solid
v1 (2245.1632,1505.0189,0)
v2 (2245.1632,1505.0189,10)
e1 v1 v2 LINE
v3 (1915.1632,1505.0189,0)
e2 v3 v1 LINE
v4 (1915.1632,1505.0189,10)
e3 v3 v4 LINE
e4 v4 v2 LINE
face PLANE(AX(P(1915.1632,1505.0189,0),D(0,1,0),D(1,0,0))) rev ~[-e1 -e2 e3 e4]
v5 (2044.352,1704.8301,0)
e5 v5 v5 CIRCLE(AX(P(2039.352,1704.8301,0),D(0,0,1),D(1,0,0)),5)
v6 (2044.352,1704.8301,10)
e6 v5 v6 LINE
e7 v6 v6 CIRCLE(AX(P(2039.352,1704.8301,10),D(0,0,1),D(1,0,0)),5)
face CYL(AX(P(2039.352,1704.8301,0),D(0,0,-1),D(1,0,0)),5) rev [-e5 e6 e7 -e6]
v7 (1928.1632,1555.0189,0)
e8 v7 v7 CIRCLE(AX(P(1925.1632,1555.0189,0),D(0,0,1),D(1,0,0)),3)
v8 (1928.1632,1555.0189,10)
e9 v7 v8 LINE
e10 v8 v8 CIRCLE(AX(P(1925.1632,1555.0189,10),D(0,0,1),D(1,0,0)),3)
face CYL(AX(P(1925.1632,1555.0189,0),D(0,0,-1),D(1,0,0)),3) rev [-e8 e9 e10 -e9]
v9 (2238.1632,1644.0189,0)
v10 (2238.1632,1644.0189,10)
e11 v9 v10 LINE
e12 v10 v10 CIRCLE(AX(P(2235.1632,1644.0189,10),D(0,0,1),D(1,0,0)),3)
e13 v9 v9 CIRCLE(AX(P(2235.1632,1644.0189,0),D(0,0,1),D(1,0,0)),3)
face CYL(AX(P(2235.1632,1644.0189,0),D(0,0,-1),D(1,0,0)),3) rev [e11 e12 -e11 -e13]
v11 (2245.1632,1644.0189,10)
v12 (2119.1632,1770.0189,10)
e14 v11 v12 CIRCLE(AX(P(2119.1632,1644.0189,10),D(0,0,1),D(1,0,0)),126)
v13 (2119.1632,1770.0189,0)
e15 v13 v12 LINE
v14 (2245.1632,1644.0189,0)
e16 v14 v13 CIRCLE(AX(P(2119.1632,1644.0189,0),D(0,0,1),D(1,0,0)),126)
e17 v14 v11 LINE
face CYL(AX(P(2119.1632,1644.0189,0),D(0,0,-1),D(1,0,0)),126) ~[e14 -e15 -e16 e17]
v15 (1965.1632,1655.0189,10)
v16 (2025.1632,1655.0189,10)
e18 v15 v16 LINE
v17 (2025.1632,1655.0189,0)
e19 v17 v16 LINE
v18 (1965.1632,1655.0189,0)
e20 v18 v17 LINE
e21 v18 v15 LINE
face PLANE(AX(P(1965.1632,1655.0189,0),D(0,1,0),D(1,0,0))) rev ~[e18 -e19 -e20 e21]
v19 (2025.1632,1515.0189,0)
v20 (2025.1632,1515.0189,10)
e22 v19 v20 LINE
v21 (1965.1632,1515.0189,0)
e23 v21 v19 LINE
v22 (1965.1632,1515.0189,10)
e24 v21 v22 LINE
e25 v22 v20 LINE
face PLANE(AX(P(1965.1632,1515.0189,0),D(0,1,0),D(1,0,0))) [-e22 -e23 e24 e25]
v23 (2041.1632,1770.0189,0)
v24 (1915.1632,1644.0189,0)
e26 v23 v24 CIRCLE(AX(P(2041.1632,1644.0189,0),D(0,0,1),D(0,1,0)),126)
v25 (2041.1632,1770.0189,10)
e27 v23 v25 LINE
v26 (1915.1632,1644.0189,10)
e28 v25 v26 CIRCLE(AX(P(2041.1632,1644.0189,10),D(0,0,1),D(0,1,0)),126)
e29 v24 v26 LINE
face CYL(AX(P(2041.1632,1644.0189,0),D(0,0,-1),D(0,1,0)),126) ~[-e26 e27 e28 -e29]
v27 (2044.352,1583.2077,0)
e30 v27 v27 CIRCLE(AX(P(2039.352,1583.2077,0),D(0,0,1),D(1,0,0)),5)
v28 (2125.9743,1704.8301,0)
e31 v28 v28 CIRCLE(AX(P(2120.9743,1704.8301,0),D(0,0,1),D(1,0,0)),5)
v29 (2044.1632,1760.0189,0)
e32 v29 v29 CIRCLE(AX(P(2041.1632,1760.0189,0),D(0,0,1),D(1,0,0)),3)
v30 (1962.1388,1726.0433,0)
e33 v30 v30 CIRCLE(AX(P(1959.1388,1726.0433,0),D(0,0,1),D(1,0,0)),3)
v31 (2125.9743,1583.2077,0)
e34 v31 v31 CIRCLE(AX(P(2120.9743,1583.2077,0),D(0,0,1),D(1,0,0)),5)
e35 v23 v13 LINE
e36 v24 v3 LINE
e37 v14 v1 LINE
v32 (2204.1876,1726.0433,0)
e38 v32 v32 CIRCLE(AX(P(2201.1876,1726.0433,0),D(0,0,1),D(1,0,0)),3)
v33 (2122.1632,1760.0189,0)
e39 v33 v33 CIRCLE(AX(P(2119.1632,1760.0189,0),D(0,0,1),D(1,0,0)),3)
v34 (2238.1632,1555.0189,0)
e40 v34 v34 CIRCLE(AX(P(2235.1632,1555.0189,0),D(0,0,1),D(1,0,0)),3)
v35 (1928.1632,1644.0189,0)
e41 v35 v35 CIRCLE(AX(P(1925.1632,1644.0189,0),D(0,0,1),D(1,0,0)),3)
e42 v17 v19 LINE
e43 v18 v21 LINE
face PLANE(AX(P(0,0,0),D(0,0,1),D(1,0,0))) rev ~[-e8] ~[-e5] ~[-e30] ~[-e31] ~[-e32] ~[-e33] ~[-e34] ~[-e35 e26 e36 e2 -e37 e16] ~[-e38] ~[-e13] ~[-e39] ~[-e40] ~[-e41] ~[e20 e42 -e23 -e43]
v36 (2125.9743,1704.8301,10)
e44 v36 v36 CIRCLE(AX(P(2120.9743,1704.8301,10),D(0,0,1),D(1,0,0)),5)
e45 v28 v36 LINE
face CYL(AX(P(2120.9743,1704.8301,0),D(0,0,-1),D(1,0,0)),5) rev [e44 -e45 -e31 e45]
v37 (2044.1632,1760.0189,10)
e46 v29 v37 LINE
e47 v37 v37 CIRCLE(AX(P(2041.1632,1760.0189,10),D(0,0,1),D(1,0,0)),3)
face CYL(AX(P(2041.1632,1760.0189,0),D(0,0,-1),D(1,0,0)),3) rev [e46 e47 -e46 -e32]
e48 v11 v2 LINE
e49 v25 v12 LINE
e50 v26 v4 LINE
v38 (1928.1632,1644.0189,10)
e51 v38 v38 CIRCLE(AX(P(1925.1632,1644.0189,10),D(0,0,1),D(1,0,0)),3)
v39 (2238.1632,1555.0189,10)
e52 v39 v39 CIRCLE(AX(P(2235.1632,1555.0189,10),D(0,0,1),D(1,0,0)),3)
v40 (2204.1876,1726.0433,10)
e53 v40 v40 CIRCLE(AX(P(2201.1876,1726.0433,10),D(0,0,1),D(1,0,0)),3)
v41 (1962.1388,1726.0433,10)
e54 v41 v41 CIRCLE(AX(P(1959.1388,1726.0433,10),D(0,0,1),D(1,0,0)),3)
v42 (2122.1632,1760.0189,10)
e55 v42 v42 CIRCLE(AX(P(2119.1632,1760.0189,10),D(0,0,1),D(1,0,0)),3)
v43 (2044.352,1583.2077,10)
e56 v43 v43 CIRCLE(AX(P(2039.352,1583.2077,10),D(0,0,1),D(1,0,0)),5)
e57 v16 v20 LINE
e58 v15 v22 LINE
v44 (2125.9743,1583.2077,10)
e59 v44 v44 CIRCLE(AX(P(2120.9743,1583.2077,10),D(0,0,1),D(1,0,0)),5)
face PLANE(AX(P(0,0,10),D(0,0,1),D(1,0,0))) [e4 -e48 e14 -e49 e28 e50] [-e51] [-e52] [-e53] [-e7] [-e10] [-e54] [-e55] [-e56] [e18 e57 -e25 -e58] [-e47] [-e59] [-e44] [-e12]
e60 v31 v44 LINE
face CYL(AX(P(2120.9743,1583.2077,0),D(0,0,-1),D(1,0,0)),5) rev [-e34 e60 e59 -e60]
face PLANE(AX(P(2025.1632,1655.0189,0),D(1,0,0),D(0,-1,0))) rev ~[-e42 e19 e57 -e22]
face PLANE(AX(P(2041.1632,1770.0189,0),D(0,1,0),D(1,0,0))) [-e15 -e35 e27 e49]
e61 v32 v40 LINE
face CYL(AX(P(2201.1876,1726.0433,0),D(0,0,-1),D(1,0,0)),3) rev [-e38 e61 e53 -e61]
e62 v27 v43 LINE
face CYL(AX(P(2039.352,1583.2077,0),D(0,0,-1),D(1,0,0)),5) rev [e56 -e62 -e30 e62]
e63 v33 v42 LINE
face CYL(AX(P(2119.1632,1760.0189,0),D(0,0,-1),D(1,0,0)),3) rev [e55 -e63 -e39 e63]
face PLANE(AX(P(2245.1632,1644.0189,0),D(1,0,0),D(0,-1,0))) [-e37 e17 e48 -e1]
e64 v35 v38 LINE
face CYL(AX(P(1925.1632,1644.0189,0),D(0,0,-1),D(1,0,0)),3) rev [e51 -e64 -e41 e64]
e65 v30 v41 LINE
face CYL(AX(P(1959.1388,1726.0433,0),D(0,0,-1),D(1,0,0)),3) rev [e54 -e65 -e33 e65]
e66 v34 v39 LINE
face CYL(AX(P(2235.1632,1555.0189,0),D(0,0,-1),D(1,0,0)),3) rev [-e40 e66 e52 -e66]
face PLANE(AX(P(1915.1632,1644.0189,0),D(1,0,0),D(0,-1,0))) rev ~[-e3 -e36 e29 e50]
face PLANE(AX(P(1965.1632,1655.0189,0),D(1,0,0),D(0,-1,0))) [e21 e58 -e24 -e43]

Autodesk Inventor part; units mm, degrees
ref_plane "YZ Plane" through (0, 0, 0) normal (1, 0, 0) x (0, 1, 0)
ref_plane "XZ Plane" through (0, 0, 0) normal (0, 1, 0) x (-1, 0, 0)
ref_plane "XY Plane" through (0, 0, 0) normal (0, 0, 1) x (1, 0, 0)
sketch "Sketch1" plane through (0, 0, 0) normal (0, 0, 1) x (1, 0, 0)
  arc A0 (2041.1632, 1770.0189) -> (1915.1632, 1644.0189) centre (2041.1632, 1644.0189) ccw
  arc A1 (2245.1632, 1644.0189) -> (2119.1632, 1770.0189) centre (2119.1632, 1644.0189) ccw
  line L0 (1965.1632, 1655.0189) -> (1965.1632, 1515.0189)
  line L1 (2025.1632, 1655.0189) -> (2025.1632, 1515.0189)
  line L2 (1915.1632, 1505.0189) -> (2245.1632, 1505.0189)
  circle A2 centre (2041.1632, 1760.0189) radius 3
  circle A3 centre (2119.1632, 1760.0189) radius 3
  circle A4 centre (1925.1632, 1555.0189) radius 3
  line L3 (1960.1632, 1660.0189) -> (1960.1632, 1510.0189)
  line L4 (1960.1632, 1660.0189) -> (2030.1632, 1660.0189)
  line L5 (2030.1632, 1660.0189) -> (2030.1632, 1510.0189)
  circle A5 centre (2235.1632, 1555.0189) radius 3
  circle A6 centre (1925.1632, 1644.0189) radius 3
  circle A7 centre (2235.1632, 1644.0189) radius 3
  circle A8 centre (2039.352, 1704.8301) radius 5
  circle A9 centre (2120.9743, 1704.8301) radius 5
  circle A10 centre (2039.352, 1583.2077) radius 5
  circle A11 centre (2120.9743, 1583.2077) radius 5
  line L6 (1960.1632, 1510.0189) -> (2030.1632, 1510.0189)
  circle A12 centre (2201.1876, 1726.0433) radius 3
  circle A13 centre (1959.1388, 1726.0433) radius 3
  line L7 (2041.1632, 1770.0189) -> (2119.1632, 1770.0189)
  line L8 (2245.1632, 1644.0189) -> (2245.1632, 1505.0189)
  line L9 (1915.1632, 1644.0189) -> (1915.1632, 1505.0189)
  line L10 (1965.1632, 1655.0189) -> (2025.1632, 1655.0189)
  line L11 (1965.1632, 1515.0189) -> (2025.1632, 1515.0189)
  point P0 (0, 0)
extrude "Extrusion1" add sketch "Sketch1" along normal blind 10 contours L7 A1 L8 L2 L9 A0 | L4 L5 L6 L3
properties part number "back_platform"
